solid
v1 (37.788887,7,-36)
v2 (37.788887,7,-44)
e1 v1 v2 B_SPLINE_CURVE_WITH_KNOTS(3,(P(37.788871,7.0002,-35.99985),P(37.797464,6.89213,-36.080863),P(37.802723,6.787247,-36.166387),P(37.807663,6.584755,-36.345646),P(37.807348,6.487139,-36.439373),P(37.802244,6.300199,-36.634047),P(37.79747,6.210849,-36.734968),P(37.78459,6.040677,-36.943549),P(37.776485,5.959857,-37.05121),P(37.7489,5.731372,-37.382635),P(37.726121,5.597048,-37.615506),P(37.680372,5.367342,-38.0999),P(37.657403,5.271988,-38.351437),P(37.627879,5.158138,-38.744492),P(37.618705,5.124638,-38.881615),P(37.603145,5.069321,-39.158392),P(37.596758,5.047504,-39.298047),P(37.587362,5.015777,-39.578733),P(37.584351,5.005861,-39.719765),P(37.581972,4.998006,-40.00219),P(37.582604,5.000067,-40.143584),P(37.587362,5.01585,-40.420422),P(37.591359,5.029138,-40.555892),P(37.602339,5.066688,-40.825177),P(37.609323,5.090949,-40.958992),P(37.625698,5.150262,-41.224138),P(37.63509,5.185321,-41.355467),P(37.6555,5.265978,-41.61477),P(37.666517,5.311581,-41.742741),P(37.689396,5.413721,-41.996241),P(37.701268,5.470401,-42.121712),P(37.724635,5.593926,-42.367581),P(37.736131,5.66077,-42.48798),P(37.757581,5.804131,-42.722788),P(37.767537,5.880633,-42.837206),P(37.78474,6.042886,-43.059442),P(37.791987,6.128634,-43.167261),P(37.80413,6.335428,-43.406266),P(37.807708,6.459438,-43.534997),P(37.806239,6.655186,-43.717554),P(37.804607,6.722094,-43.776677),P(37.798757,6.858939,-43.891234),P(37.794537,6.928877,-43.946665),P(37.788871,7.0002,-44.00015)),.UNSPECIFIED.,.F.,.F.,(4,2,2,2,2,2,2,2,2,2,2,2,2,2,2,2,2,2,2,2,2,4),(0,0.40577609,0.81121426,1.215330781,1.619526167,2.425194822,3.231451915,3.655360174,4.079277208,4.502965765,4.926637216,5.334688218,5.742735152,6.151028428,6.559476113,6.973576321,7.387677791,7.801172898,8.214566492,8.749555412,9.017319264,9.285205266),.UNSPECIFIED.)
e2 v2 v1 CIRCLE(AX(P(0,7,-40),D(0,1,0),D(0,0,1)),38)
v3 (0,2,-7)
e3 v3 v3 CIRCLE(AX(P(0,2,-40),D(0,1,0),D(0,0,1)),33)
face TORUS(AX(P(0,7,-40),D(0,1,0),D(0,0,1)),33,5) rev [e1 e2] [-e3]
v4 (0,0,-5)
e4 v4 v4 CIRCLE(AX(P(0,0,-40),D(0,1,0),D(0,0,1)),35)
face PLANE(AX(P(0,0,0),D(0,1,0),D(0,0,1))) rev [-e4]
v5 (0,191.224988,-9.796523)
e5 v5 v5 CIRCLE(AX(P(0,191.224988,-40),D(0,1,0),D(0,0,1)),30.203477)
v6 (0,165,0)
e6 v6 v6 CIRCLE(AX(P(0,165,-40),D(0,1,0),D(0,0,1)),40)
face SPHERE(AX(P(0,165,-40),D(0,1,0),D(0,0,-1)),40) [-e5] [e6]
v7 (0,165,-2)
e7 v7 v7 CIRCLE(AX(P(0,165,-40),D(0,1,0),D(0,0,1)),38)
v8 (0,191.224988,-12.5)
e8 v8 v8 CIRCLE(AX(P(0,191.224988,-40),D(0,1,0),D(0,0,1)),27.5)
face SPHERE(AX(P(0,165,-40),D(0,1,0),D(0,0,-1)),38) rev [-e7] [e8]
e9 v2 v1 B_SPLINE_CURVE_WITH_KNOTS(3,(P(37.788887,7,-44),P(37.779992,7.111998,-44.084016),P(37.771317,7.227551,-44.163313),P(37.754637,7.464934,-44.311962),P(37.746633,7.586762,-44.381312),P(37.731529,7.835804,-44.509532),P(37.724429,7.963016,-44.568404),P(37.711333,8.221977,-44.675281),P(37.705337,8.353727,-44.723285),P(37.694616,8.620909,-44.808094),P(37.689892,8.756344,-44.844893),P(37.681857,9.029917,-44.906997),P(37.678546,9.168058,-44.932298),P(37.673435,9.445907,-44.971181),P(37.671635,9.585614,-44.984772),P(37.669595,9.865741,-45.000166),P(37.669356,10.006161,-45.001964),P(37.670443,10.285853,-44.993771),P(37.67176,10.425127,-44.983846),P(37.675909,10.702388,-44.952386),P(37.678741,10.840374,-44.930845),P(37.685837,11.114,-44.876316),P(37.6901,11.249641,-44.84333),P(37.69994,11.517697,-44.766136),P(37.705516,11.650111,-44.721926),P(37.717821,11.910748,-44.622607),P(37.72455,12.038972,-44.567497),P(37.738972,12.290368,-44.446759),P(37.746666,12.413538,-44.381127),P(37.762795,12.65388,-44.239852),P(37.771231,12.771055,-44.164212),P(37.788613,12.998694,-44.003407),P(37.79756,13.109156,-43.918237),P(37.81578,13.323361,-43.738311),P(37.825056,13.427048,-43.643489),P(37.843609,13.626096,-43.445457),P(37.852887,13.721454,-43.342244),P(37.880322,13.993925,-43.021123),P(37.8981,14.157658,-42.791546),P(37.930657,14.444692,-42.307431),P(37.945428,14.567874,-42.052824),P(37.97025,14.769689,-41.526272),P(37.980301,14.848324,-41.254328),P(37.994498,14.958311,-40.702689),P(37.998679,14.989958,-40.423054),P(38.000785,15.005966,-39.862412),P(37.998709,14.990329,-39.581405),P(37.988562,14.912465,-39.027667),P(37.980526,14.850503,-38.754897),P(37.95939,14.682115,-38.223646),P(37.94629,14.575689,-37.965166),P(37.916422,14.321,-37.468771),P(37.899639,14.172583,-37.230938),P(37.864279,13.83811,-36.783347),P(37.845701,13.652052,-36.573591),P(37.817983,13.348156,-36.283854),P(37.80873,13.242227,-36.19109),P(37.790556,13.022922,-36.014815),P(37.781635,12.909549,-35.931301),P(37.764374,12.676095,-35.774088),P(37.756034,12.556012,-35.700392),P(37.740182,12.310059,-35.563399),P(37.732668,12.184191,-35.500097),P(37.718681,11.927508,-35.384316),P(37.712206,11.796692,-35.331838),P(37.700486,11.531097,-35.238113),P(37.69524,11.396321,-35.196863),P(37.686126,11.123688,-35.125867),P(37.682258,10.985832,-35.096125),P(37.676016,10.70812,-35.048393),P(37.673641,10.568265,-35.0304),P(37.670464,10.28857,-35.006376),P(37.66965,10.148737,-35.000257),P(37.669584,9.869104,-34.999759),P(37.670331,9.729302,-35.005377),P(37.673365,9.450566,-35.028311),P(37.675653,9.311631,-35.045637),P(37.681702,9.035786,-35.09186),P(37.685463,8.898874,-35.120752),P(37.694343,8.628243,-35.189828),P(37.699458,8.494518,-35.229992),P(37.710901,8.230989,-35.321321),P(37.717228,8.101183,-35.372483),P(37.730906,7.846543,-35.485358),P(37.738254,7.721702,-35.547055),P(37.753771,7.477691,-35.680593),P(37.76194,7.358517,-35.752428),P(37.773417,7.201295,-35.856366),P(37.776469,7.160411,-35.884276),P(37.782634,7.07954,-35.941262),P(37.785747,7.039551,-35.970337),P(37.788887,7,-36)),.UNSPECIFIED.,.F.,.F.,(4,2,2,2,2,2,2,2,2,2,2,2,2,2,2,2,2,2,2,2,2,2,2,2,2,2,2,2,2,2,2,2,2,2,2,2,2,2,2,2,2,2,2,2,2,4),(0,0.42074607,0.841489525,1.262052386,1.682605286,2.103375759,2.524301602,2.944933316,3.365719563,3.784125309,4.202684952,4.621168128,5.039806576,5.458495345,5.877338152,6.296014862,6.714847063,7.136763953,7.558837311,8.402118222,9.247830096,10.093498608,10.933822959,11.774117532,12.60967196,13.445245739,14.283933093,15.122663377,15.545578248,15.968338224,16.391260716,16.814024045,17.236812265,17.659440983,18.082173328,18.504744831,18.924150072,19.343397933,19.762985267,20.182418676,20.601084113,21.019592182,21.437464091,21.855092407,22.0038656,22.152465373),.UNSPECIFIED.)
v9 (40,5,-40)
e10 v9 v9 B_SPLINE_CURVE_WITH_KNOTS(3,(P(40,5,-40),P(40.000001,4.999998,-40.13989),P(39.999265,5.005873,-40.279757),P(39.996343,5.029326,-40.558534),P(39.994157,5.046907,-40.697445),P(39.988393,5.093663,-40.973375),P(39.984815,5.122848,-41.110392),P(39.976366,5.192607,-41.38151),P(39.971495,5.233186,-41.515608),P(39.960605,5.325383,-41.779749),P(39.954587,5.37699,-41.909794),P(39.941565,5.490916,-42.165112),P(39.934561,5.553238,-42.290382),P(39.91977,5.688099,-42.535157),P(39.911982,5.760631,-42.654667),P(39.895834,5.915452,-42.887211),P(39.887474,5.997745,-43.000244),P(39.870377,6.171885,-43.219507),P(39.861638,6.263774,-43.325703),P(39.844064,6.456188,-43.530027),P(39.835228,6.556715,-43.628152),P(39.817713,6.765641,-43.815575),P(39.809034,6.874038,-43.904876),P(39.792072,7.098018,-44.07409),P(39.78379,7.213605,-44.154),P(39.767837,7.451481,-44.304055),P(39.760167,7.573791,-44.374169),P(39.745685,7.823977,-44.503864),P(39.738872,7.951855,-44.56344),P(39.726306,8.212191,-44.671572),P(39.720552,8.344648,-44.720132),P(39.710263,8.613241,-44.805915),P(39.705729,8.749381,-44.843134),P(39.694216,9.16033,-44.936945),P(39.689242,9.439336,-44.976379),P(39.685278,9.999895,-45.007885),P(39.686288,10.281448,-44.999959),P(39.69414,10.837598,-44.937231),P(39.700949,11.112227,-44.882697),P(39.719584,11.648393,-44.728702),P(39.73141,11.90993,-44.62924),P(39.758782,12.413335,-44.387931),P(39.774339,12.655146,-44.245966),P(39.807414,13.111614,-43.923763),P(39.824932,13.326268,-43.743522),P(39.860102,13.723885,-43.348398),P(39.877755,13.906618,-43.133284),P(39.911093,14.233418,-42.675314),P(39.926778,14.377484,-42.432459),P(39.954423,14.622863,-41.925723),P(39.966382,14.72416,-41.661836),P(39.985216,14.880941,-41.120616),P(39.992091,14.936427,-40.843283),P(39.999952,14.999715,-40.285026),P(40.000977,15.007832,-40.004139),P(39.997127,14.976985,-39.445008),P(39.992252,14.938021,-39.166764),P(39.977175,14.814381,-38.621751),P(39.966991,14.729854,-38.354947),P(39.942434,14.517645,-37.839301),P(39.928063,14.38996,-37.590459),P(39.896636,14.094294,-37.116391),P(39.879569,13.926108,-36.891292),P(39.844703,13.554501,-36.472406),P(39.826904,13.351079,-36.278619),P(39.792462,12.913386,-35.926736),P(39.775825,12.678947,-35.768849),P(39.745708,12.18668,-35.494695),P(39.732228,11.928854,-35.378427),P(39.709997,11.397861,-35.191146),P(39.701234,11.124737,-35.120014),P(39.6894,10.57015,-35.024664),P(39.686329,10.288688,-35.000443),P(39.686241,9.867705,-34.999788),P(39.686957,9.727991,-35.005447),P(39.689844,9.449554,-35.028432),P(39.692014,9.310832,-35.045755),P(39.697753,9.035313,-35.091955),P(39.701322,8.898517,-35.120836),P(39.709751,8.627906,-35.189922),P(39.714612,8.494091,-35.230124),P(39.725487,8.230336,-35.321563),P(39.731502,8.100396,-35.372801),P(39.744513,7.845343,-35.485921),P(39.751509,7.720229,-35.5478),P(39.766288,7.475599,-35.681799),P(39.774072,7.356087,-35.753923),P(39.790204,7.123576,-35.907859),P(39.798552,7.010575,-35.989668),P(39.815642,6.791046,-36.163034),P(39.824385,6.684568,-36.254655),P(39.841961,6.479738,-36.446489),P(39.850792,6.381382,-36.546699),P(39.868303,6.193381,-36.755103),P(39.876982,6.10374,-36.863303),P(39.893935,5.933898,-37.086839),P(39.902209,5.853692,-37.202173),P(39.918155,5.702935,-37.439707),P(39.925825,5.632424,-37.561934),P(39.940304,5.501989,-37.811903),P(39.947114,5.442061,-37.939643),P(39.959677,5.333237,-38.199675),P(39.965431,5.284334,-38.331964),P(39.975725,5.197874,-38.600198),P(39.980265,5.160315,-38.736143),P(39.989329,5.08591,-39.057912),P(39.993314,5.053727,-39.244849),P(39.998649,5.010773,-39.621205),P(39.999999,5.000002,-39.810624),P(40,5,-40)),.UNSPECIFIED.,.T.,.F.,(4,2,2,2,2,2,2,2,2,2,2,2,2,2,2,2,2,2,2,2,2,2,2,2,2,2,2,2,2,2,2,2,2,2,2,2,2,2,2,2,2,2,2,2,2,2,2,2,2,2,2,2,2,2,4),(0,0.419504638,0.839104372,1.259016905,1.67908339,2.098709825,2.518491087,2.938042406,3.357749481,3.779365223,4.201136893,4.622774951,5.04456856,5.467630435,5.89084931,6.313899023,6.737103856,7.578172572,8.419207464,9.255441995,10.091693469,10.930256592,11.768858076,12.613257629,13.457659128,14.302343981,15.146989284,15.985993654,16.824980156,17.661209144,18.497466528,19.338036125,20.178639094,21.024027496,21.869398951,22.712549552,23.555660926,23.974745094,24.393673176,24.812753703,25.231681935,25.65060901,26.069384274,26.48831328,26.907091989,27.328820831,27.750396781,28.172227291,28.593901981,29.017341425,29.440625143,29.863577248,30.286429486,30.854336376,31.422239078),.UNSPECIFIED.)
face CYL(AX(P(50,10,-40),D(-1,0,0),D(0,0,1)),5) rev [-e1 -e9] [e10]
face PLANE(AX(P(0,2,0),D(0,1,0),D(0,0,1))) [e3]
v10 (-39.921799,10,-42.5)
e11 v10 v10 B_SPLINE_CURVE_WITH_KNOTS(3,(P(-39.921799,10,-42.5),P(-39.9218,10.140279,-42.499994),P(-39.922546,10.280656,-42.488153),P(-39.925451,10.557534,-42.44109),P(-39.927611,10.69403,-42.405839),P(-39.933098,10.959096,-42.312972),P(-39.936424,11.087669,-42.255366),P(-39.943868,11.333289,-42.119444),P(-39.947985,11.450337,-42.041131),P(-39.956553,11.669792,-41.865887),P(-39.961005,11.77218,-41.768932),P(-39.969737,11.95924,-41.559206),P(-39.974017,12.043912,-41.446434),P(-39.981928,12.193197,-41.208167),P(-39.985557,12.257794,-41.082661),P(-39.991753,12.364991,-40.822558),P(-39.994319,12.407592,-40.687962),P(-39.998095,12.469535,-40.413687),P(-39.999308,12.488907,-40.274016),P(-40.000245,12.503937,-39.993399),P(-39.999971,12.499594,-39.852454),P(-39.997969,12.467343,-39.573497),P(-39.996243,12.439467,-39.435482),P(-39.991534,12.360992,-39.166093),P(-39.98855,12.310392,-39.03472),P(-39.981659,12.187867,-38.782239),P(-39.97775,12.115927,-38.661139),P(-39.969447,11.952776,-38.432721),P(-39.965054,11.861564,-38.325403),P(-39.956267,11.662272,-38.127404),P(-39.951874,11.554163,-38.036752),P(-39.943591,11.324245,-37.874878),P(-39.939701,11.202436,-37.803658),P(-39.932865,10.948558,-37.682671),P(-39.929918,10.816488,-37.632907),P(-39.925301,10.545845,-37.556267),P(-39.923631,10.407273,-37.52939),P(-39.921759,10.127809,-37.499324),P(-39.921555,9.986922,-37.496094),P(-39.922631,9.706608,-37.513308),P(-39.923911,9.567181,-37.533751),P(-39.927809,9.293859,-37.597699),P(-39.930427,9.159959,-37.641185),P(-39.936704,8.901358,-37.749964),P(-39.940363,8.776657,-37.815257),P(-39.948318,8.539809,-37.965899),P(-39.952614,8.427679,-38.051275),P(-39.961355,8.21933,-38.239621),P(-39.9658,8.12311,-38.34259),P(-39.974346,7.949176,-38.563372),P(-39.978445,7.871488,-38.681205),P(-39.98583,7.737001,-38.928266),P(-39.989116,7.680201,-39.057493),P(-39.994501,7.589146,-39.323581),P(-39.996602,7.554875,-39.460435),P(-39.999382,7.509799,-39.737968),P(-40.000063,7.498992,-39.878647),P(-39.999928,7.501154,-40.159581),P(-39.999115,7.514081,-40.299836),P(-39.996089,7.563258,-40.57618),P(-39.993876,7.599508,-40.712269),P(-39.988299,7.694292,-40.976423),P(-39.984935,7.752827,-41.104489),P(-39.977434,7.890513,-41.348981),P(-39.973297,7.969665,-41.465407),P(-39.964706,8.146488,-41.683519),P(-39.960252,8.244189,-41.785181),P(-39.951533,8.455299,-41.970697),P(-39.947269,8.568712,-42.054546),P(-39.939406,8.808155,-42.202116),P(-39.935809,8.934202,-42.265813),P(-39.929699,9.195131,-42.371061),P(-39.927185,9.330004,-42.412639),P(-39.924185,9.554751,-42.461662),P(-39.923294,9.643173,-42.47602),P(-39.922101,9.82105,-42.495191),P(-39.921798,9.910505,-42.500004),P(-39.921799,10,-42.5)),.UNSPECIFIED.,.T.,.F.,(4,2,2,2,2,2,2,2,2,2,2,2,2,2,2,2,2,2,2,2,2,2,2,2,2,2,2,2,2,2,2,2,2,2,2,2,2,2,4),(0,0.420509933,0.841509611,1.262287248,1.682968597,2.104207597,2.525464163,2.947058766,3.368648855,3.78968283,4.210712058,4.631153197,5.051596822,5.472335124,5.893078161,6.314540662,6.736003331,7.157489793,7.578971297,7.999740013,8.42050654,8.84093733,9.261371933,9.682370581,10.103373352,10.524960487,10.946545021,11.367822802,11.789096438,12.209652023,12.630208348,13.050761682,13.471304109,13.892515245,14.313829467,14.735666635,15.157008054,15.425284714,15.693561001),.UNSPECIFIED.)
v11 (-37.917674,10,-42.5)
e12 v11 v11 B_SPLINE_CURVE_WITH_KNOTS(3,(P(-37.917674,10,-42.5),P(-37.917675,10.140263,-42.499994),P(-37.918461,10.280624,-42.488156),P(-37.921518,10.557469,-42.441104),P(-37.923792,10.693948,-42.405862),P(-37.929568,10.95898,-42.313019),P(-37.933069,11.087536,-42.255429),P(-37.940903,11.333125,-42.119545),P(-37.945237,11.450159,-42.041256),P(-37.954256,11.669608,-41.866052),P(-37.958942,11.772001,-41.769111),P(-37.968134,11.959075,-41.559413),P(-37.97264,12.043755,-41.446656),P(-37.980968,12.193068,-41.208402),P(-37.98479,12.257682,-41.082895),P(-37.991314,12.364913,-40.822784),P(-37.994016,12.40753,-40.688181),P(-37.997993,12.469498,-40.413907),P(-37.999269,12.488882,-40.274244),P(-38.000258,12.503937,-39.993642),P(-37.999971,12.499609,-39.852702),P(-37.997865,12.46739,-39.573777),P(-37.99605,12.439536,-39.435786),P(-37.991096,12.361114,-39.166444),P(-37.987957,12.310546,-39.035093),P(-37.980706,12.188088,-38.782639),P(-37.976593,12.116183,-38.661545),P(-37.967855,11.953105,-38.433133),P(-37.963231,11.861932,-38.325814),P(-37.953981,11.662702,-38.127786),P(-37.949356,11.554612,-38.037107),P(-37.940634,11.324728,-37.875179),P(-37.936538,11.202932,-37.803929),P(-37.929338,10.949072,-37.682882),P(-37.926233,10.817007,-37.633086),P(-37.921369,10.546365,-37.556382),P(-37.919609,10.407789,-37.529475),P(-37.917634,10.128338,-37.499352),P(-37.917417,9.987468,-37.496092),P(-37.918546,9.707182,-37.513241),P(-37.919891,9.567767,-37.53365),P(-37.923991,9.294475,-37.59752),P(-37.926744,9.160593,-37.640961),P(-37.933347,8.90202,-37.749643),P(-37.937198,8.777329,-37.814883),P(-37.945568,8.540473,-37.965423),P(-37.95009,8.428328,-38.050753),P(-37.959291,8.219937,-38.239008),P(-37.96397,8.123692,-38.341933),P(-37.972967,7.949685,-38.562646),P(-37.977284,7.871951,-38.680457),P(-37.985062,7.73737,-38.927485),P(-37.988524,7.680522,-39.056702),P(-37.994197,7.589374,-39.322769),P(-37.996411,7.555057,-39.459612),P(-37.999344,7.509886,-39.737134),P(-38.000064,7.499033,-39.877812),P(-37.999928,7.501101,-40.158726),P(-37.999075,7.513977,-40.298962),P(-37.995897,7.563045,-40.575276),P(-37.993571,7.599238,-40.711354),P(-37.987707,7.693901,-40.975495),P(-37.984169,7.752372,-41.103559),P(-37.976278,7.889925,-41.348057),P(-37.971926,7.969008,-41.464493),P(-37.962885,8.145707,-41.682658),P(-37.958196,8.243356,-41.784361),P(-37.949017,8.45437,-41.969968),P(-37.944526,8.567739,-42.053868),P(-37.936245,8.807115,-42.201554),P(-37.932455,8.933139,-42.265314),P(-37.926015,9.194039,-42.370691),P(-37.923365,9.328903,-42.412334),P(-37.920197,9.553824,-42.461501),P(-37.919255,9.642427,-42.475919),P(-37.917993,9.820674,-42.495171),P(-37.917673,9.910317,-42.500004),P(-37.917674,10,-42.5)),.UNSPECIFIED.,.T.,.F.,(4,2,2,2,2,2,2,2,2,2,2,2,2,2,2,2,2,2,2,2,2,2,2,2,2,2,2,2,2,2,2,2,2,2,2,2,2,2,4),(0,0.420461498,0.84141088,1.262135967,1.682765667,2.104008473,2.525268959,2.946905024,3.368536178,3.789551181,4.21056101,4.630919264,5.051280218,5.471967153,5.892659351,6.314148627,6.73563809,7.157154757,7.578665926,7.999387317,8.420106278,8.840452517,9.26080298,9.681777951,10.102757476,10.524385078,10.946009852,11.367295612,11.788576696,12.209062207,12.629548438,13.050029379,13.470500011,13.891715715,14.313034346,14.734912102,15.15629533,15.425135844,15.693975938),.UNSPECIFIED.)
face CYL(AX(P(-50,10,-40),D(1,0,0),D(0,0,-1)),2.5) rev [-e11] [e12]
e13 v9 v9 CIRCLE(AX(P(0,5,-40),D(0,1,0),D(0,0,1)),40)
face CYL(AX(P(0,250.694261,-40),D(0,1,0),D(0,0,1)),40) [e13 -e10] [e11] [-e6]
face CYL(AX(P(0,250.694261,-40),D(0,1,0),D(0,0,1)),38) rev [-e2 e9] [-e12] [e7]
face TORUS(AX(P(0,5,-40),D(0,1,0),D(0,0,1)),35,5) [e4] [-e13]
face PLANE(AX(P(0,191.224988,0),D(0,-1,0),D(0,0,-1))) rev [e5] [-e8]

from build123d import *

# Parameters (mm, degrees)
SKETCH5_R          = 5
CUT_EXTRUDE1_DEPTH = 50
SKETCH5_3_R        = 2.5
CUT_EXTRUDE2_DEPTH = 50


with BuildPart() as part:
    # Sketch3 → Revolve4 (revolve)
    with BuildSketch(Plane(origin=(0, 0, 0), x_dir=(0, 0, -1), z_dir=(1, 0, 0))):
        with BuildLine():
            Line((40, 2), (40, 0))
            Line((40, 0), (75, 0))
            ThreePointArc((75, 0), (78.535533906, 1.464466094), (80, 5))
            Line((80, 5), (80, 165))
            ThreePointArc((80, 165), (77.47091582, 178.997516479), (70.203476621, 191.224988084))
            Line((70.203476621, 191.224988084), (67.5, 191.224988084))
            ThreePointArc((67.5, 191.224988084), (75.277471565, 179.124446892), (78, 165))
            Line((78, 165), (78, 7))
            ThreePointArc((78, 7), (76.535533906, 3.464466094), (73, 2))
            Line((73, 2), (42, 2))
            Line((42, 2), (40, 2))
        make_face()
    revolve(axis=Axis((0, 250.694261232, -40), (0, -1, 0)))

    # Sketch5 → Cut-Extrude1 (cut)
    with BuildSketch(Plane(origin=(0, 0, 0), x_dir=(0, 0, -1), z_dir=(1, 0, 0))):
        with Locations((40, 10)):
            Circle(SKETCH5_R)
    extrude(amount=CUT_EXTRUDE1_DEPTH, mode=Mode.SUBTRACT)

    # Sketch5<3> → Cut-Extrude2 (cut)
    with BuildSketch(Plane(origin=(0, 0, 0), x_dir=(0, 0, -1), z_dir=(1, 0, 0))):
        with Locations((40, 10)):
            Circle(SKETCH5_3_R)
    extrude(amount=-CUT_EXTRUDE2_DEPTH, mode=Mode.SUBTRACT)


solid = part.part
